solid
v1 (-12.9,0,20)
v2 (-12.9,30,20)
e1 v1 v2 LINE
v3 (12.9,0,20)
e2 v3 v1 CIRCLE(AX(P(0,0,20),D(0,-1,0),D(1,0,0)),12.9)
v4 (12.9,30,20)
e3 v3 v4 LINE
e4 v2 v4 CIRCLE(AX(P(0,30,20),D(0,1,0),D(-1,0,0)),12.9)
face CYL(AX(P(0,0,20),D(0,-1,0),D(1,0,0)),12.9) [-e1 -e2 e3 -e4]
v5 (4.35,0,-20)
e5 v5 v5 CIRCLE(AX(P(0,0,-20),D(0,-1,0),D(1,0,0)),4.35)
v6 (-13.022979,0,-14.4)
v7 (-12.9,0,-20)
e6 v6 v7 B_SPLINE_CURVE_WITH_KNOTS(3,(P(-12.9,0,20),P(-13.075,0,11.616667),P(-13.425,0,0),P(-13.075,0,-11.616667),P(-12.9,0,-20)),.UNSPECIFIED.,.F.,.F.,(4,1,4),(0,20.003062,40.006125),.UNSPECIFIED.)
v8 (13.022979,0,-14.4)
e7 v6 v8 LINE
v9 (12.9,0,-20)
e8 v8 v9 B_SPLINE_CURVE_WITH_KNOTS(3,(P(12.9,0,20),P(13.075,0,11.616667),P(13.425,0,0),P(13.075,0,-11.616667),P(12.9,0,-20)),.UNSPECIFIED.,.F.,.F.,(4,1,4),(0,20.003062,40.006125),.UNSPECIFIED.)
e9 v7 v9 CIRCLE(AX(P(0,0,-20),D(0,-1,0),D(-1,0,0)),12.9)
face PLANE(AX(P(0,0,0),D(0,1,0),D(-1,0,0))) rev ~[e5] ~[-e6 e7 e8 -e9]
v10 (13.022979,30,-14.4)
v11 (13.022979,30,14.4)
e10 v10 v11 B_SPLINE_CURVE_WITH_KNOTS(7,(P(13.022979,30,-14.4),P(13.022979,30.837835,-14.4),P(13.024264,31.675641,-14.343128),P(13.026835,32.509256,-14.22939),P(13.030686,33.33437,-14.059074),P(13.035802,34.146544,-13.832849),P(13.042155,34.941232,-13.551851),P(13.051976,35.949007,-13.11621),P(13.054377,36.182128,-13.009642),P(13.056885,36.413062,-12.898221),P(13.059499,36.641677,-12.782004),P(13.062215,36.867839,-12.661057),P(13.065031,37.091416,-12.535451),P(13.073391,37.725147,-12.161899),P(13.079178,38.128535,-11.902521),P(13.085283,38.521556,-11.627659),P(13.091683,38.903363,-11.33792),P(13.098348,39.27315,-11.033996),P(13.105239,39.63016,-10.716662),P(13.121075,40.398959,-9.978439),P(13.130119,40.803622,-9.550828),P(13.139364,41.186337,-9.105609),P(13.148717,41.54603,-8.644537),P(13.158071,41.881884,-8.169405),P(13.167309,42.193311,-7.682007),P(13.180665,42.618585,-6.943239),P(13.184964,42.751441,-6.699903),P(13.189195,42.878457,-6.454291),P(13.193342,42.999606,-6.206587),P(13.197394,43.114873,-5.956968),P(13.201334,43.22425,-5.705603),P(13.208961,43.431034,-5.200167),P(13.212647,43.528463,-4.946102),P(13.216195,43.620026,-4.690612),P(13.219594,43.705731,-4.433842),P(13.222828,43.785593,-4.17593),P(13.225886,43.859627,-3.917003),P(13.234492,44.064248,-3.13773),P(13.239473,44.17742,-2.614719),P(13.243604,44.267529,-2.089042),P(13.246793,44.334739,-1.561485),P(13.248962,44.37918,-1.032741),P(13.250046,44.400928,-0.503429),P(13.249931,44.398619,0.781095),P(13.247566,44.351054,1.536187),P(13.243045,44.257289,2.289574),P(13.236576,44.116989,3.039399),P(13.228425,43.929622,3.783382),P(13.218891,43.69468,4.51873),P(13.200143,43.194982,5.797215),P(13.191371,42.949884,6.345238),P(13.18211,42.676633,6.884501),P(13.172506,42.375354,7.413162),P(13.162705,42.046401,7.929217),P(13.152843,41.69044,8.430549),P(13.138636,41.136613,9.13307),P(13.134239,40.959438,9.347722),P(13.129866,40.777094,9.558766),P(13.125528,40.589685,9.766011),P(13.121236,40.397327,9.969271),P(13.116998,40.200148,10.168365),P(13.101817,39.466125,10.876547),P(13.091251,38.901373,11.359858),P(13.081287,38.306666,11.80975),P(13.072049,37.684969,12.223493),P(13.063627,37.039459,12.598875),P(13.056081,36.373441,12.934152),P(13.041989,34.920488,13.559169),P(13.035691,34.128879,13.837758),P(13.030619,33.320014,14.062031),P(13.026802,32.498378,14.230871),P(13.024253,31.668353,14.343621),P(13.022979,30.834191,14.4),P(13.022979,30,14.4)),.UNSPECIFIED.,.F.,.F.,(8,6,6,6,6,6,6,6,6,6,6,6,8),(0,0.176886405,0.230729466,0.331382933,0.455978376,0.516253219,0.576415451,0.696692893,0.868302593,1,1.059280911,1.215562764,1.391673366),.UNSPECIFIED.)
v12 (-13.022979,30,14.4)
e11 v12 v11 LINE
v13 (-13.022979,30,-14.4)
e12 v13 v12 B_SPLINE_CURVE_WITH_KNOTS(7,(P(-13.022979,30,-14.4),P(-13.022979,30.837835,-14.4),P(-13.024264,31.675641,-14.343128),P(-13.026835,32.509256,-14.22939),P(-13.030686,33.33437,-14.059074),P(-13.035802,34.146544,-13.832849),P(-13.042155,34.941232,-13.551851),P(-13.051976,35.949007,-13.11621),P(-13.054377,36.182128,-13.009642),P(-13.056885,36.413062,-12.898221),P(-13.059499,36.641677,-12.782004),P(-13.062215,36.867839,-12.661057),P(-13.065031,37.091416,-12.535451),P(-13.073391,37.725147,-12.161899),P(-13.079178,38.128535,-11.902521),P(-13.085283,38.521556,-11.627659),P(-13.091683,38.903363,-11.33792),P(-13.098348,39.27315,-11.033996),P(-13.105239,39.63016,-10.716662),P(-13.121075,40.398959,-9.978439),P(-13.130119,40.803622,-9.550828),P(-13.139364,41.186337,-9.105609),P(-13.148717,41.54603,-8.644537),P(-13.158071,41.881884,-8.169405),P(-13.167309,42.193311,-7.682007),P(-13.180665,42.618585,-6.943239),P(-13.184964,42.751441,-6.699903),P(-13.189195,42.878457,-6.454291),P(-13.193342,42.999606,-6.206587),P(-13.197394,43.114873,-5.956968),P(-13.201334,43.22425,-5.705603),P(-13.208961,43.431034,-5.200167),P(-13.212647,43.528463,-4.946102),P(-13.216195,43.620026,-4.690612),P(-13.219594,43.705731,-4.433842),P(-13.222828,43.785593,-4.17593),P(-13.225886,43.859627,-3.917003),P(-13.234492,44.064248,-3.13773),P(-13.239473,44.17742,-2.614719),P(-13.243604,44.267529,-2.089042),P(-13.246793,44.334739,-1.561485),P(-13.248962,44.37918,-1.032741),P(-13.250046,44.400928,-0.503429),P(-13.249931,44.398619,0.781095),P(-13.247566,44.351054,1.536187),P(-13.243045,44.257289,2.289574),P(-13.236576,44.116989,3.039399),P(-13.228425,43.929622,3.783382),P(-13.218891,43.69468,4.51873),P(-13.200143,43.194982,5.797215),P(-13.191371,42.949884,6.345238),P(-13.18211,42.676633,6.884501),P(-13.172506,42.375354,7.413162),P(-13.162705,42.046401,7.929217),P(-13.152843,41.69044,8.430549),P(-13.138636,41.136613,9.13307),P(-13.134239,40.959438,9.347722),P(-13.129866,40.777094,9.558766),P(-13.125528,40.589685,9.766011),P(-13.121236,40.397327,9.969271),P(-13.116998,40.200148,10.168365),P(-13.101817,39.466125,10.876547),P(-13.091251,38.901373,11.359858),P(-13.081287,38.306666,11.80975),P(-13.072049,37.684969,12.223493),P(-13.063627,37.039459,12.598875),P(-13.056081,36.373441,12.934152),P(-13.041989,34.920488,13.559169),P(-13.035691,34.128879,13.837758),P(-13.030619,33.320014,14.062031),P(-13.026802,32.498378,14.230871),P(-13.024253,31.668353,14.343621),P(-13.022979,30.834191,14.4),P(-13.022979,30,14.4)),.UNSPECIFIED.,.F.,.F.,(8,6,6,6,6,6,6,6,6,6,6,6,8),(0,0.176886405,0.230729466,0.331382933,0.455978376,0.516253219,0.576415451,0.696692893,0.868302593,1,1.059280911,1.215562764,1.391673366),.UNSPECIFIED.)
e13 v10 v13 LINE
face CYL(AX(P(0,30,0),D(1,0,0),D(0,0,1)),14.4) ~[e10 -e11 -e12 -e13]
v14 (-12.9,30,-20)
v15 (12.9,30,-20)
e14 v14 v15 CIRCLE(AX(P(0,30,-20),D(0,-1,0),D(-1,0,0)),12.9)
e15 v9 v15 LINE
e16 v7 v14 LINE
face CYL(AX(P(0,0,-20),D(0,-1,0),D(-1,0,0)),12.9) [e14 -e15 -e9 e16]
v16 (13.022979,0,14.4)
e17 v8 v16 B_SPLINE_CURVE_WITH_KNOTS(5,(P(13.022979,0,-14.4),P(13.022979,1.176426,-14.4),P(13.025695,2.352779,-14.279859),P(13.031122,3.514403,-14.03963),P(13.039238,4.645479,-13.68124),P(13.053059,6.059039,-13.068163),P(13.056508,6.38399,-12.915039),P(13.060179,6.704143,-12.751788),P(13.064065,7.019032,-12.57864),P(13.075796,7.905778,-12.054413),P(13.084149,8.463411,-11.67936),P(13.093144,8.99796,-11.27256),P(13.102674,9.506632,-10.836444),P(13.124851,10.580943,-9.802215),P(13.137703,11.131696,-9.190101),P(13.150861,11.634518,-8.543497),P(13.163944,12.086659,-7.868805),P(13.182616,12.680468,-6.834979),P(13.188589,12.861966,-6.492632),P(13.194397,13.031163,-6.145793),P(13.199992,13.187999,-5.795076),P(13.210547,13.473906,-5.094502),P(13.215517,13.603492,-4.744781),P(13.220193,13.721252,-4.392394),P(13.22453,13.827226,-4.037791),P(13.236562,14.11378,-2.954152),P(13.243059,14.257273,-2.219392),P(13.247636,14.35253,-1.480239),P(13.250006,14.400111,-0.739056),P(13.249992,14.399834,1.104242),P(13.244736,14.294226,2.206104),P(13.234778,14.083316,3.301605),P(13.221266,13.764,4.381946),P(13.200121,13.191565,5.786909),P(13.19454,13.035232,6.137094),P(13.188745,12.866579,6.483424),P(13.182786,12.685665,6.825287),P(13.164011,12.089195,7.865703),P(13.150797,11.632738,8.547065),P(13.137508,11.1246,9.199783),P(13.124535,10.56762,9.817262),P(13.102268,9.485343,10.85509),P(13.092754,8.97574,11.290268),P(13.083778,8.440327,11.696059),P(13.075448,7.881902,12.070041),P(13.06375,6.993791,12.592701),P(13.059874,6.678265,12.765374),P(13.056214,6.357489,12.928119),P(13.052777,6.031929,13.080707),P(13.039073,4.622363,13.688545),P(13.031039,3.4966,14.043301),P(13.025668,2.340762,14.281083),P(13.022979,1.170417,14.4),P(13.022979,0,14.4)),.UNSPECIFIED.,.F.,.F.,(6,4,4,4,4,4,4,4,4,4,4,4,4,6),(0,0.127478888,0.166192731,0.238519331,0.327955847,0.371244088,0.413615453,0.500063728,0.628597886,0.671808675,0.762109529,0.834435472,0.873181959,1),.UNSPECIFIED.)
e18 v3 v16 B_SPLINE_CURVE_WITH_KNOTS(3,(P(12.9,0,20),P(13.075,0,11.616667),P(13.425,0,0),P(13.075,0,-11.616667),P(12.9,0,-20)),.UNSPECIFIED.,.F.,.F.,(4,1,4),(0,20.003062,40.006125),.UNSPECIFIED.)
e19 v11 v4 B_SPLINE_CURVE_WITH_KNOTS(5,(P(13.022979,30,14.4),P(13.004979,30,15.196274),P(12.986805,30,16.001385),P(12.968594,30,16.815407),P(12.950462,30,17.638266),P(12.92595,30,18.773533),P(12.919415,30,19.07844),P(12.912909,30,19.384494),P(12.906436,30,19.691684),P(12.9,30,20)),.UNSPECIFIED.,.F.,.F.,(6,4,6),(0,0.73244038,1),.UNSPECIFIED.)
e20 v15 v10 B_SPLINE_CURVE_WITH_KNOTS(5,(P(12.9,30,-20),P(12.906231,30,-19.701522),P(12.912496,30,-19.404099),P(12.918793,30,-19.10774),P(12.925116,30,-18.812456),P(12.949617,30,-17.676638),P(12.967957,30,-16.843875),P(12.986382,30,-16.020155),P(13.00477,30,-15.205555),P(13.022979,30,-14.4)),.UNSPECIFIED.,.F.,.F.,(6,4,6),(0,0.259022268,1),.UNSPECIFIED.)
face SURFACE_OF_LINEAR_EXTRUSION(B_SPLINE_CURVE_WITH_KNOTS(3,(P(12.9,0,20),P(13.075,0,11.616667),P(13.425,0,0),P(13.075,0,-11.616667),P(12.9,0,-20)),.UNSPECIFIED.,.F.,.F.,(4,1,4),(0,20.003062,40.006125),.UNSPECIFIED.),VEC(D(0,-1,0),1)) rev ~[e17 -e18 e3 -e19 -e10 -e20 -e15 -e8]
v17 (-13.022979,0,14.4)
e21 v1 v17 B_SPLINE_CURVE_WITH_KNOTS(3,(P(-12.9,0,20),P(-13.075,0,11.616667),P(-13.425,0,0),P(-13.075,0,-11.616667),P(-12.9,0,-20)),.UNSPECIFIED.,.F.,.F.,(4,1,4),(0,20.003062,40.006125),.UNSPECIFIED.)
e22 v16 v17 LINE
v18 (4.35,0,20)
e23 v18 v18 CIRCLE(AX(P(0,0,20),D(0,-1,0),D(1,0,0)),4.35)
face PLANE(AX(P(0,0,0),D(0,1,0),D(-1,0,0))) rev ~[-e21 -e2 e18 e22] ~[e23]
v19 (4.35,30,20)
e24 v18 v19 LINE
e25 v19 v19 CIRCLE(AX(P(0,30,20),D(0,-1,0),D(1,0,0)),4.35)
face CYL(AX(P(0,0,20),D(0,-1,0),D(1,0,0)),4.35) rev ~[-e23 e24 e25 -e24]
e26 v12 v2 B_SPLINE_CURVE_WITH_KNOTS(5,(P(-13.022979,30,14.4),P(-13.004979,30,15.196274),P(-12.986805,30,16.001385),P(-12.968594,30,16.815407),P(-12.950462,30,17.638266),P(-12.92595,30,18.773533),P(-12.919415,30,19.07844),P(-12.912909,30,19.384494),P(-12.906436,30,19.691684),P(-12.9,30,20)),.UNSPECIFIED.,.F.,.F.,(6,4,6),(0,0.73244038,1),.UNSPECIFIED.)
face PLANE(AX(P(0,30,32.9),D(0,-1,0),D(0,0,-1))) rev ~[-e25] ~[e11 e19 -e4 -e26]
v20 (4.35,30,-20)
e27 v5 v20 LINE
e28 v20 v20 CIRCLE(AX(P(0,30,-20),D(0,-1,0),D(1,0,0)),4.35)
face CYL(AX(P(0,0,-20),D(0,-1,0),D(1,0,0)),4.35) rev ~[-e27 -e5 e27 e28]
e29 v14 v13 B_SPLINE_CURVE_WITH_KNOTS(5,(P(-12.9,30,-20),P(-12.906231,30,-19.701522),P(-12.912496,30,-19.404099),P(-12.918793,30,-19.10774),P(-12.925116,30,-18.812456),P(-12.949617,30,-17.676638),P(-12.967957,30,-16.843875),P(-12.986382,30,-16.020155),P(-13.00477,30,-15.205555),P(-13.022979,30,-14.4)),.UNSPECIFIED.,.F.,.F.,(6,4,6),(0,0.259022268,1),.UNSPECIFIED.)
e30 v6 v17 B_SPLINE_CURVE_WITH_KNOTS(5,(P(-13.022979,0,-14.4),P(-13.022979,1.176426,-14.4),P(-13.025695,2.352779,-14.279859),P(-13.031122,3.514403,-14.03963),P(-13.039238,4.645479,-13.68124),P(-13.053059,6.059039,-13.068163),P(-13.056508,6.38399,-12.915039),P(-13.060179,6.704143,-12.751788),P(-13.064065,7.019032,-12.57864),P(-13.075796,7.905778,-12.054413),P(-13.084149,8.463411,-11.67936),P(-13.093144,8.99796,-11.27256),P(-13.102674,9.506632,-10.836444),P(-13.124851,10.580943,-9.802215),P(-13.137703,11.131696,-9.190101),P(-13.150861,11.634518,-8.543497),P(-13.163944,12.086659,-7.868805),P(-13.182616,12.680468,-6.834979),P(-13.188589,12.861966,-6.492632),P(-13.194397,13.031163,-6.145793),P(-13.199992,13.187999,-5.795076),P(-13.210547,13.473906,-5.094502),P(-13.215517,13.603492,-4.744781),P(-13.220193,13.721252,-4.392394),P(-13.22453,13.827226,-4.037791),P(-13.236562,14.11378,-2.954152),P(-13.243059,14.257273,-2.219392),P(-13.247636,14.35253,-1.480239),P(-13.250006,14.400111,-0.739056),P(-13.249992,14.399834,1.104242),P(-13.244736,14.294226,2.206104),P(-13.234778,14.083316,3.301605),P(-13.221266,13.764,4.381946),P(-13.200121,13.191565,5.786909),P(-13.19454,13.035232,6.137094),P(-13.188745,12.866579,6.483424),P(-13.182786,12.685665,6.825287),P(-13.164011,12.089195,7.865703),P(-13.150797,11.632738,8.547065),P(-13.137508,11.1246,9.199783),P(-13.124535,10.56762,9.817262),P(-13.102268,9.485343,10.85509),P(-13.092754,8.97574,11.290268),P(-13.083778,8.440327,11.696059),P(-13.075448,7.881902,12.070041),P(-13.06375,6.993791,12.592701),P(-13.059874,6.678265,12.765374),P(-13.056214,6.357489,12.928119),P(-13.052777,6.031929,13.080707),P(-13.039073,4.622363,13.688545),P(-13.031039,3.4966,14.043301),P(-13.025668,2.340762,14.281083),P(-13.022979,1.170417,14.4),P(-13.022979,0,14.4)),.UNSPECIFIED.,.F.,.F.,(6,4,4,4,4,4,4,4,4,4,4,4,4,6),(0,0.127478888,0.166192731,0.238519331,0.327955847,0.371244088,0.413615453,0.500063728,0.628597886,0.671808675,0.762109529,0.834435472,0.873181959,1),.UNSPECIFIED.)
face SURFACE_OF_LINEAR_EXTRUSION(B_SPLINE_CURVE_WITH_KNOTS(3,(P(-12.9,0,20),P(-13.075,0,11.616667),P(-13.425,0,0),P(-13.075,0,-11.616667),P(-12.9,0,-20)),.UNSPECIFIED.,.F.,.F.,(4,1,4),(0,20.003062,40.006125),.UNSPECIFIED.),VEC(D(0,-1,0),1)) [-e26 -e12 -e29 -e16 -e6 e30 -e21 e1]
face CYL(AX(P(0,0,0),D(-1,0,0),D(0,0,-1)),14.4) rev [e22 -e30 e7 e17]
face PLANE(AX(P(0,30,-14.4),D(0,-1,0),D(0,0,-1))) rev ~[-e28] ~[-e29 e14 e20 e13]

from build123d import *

# Parameters (mm, degrees)
F0_R     = 4.35
F1_DEPTH = 50
F3_DEPTH = 15


with BuildPart() as f1:
    # F0 (on Front) → F1 (new body)
    with BuildSketch(Plane.XZ):
        with BuildLine():
            add(Edge.make_bspline(
                [(12.9, 20), (13.075, 11.616667), (13.425, 0), (13.075, -11.616667), (12.9, -20)],
                knots=[0, 0, 0, 0, 20.003062, 40.006125, 40.006125, 40.006125, 40.006125], degree=3))
            ThreePointArc((12.9, 20), (0, 32.9), (-12.9, 20))
            add(Edge.make_bspline(
                [(-12.9, 20), (-13.075, 11.616667), (-13.425, 0), (-13.075, -11.616667), (-12.9, -20)],
                knots=[0, 0, 0, 0, 20.003062, 40.006125, 40.006125, 40.006125, 40.006125], degree=3))
            ThreePointArc((-12.9, -20), (0, -32.9), (12.9, -20))
        make_face()
        with Locations((0, -20)):
            Circle(F0_R, mode=Mode.SUBTRACT)
        with Locations((0, 20)):
            Circle(F0_R, mode=Mode.SUBTRACT)
    extrude(amount=-F1_DEPTH)

    # F2 (on Right) → F3 (cut, symmetric)
    with BuildSketch(Plane.YZ):
        with BuildLine():
            Line((0, 14.4), (0, -14.4))
            ThreePointArc((0, -14.4), (14.4, 0), (0, 14.4))
        make_face()
        with BuildLine():
            Line((50, -32.9), (50, 32.9))
            Line((50, 32.9), (30, 32.9))
            Line((30, 32.9), (30, 14.4))
            ThreePointArc((30, 14.4), (44.4, 0), (30, -14.4))
            Line((30, -14.4), (30, -32.9))
            Line((30, -32.9), (50, -32.9))
        make_face()
    extrude(amount=F3_DEPTH, both=True, mode=Mode.SUBTRACT)


solid = f1.part
